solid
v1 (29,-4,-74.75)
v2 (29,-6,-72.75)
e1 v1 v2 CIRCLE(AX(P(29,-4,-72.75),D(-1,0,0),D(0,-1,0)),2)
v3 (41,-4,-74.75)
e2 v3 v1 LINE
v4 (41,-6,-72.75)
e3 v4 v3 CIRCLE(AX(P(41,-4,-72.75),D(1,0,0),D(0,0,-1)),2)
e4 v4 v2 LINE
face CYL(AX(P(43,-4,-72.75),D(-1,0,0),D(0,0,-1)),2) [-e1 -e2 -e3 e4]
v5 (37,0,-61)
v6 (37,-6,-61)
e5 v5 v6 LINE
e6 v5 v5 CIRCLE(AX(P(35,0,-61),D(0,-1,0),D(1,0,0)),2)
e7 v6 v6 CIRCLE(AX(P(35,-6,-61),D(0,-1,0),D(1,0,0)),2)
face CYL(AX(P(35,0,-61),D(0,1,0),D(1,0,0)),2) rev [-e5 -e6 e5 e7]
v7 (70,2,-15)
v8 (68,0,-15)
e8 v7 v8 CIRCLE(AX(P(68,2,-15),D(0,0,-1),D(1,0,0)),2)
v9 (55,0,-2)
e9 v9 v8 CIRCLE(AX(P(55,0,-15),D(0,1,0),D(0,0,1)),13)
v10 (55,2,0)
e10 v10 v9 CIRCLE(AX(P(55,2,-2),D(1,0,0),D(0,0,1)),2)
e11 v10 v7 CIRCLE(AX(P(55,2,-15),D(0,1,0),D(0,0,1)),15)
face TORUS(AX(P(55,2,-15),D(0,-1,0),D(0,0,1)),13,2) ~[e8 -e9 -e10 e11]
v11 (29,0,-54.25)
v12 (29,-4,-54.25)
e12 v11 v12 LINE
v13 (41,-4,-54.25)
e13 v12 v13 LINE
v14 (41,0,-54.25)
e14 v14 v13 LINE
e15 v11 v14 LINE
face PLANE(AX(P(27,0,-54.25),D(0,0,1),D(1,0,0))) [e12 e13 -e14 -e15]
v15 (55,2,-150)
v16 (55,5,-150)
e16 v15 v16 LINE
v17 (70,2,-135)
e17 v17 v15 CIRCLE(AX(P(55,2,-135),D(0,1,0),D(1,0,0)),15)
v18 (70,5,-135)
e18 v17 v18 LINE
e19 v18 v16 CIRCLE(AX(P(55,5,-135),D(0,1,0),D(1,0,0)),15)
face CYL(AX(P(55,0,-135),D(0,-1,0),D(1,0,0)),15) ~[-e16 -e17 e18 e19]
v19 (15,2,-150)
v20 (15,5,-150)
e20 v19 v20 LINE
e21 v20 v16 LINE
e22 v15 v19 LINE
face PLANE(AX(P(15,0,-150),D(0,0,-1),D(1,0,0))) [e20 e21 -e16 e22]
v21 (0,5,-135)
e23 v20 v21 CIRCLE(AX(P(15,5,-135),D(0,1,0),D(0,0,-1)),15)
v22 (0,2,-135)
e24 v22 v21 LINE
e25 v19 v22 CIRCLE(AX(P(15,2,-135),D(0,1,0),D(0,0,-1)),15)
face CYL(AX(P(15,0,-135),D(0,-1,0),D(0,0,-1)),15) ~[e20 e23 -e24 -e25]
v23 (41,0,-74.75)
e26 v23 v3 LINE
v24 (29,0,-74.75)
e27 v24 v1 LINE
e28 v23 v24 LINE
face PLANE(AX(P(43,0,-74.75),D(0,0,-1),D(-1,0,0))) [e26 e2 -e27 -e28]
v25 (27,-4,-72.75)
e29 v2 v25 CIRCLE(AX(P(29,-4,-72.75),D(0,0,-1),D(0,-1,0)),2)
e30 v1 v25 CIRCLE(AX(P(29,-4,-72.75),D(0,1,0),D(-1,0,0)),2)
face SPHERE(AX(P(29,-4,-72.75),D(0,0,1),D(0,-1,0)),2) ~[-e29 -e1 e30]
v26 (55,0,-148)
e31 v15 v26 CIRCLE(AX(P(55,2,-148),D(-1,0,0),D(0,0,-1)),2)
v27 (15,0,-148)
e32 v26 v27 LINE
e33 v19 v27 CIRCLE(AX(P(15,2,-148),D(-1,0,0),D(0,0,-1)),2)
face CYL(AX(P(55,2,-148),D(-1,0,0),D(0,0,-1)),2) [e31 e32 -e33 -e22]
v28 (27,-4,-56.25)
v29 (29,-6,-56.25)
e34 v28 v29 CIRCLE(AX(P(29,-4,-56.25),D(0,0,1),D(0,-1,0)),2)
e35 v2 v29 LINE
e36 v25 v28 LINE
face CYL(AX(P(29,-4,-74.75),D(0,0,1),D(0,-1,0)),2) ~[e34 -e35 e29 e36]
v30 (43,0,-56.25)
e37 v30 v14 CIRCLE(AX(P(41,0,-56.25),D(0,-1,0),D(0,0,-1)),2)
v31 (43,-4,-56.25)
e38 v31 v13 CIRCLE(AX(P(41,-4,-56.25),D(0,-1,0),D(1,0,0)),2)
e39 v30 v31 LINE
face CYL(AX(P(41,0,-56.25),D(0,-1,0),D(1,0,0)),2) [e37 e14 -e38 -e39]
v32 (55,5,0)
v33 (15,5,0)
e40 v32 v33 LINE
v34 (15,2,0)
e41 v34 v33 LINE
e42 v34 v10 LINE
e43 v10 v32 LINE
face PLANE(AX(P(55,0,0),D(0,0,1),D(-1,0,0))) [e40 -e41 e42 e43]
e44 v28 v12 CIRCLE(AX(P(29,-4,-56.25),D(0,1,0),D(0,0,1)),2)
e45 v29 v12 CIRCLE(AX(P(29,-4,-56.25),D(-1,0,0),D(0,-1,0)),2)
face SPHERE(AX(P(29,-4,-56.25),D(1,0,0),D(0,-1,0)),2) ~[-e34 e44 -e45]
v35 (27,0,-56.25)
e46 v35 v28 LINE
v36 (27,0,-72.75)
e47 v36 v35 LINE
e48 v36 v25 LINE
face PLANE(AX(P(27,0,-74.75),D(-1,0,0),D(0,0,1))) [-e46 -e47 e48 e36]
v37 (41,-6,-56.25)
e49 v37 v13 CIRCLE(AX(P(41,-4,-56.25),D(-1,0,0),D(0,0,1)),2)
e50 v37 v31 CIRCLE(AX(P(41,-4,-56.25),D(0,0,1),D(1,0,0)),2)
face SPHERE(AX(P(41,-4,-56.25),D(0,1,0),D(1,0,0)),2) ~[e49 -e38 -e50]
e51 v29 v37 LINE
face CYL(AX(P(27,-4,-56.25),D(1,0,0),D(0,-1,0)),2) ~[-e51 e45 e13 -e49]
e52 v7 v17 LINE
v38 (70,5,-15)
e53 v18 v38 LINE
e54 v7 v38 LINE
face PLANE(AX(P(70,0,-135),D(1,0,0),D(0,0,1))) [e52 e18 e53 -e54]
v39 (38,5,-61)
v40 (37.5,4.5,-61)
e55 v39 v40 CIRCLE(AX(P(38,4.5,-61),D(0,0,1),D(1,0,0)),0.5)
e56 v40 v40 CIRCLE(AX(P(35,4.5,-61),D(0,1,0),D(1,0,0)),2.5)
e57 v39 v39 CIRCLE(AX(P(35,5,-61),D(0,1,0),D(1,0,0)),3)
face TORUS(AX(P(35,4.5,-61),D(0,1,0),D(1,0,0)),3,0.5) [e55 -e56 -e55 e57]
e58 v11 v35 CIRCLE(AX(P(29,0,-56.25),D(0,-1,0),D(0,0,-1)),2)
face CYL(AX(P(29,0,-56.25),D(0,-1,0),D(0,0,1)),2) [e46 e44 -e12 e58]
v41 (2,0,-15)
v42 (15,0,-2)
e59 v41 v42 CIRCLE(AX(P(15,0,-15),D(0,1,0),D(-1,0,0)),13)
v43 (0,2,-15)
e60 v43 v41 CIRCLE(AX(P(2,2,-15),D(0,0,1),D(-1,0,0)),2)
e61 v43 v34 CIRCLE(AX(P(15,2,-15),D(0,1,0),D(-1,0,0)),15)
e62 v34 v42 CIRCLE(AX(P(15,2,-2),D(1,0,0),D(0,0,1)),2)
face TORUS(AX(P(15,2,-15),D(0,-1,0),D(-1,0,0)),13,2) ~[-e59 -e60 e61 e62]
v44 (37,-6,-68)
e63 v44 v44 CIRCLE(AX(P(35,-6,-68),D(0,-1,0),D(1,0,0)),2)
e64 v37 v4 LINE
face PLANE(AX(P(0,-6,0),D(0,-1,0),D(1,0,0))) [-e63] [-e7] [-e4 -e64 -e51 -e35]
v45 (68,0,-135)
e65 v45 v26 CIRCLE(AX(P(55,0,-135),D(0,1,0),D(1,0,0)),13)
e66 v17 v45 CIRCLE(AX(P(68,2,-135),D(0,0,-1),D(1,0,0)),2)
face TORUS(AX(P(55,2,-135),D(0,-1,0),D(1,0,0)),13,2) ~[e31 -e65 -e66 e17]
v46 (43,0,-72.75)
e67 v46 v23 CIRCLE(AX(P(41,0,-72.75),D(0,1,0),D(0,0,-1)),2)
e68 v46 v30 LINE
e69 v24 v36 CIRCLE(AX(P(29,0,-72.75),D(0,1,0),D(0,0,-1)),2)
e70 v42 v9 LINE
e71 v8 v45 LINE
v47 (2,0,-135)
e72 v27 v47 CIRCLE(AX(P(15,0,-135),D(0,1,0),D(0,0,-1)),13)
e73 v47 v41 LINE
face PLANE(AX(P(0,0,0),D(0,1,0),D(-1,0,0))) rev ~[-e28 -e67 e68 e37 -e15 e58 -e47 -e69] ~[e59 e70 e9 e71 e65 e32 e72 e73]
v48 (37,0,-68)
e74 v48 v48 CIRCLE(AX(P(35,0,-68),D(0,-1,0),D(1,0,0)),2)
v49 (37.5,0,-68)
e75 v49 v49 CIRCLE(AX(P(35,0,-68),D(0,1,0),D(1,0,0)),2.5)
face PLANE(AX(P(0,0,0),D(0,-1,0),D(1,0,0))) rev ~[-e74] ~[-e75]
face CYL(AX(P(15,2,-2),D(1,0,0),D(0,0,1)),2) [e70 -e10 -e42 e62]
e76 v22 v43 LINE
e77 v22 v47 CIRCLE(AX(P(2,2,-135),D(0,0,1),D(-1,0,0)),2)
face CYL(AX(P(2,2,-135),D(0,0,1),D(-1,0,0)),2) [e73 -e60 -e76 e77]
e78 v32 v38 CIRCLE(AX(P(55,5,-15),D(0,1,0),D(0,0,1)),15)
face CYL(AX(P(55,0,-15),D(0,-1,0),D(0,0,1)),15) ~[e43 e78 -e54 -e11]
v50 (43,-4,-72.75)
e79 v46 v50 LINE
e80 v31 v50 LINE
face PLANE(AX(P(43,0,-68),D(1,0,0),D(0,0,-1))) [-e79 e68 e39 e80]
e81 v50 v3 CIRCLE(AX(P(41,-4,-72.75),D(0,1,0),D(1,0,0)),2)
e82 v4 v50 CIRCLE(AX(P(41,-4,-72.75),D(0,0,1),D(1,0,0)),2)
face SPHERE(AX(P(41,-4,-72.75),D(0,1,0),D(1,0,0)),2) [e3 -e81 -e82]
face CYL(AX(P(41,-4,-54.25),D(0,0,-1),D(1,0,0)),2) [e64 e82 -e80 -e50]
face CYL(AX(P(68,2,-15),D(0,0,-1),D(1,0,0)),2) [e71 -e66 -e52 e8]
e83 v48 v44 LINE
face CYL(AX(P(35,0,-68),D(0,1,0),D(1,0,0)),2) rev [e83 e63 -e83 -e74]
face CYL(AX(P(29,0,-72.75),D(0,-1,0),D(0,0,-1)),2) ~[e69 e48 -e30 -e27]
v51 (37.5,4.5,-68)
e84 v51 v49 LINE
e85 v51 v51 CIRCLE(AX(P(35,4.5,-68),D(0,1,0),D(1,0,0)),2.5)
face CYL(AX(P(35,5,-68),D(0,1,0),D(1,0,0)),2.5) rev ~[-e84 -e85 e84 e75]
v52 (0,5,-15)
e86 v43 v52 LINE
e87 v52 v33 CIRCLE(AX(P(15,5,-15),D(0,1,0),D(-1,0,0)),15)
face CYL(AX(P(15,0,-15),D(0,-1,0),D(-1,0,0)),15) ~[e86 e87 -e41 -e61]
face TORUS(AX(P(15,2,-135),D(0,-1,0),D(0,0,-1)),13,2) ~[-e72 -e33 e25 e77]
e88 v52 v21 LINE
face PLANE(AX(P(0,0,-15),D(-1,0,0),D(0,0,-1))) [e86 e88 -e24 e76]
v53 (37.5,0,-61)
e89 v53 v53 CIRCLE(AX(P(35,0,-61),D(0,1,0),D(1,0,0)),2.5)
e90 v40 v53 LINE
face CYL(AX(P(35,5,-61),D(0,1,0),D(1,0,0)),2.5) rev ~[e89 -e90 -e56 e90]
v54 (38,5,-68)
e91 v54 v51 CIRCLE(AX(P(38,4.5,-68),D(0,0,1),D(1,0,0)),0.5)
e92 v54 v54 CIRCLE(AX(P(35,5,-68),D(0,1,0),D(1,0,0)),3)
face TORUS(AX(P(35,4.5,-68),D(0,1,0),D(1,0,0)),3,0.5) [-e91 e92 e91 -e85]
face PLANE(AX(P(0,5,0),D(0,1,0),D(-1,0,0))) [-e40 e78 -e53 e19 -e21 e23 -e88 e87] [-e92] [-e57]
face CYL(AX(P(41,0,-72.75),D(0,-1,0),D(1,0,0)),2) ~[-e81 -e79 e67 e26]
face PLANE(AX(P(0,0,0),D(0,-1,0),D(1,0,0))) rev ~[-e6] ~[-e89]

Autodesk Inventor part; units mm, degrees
ref_plane "YZ Plane" through (0, 0, 0) normal (1, 0, 0) x (0, 1, 0)
ref_plane "XZ Plane" through (0, 0, 0) normal (0, 1, 0) x (-1, 0, 0)
ref_plane "XY Plane" through (0, 0, 0) normal (0, 0, 1) x (1, 0, 0)
sketch "Esboço4" plane through (0, 0, 0) normal (0, 1, 0) x (-1, 0, 0)
  line L0 (0, -15) -> (0, -135)
  line L1 (-15, -150) -> (-55, -150)
  line L2 (-70, -135) -> (-70, -15)
  line L3 (-55, 0) -> (-15, 0)
  arc A0 (-15, -150) -> (0, -135) centre (-15, -135) ccw
  arc A1 (-70, -135) -> (-55, -150) centre (-55, -135) ccw
  arc A2 (-55, 0) -> (-70, -15) centre (-55, -15) ccw
  arc A3 (0, -15) -> (-15, 0) centre (-15, -15) ccw
  point P0 (0, 0)
  point P1 (0, -150)
  point P2 (-70, -150)
  dimension "d7" = 150
  dimension "d8" = 70
  dimension "d9" = 15
extrude "Extrusão2" add sketch "Esboço4" along normal blind 5
sketch "Esboço5" plane through (0, 5, 0) normal (0, 1, 0) x (1, 0, 0)
  line L0 (15, 0) -> (55, 0) projected
  line L1 (55, 150) -> (15, 150) projected
  circle A0 centre (35, 61) radius 2.5
  circle A1 centre (35, 68) radius 2.5
  point P0 (0, 0)
extrude "Extrusão3" cut sketch "Esboço5" against normal through all
sketch "Sketch7" plane through (0, 0, 0) normal (0, -1, 0) x (1, 0, 0)
  circle A0 centre (35, -61) radius 2 projected
  circle A1 centre (35, -68) radius 2 projected
  line L0 (43, -68) -> (43, -74.75)
  line L1 (43, -74.75) -> (27, -74.75)
  line L2 (27, -74.75) -> (27, -54.25)
  line L3 (27, -54.25) -> (43, -54.25)
  line L4 (43, -54.25) -> (43, -68)
  point P0 (0, 0)
  dimension "d25" = 8
extrude "Extrusion4" add sketch "Sketch7" along normal blind 6
fillet "Fillet4" radius 2 8 edges at (43, -3, -54.25) (43, -3, -74.75) (43, -6, -64.5) (35, -6, -54.25) (27, -6, -64.5) (35, -6, -74.75) (27, -3, -74.75) (27, -3, -54.25)
fillet "Fillet5" radius 0.5 2 edges at (32.5, 5, -61) (32.5, 5, -68)
fillet "Fillet7" radius 2 8 edges at (65.6066, 0, -145.6066) (35, 0, -150) (4.3934, 0, -145.6066) (0, 0, -75) (4.3934, 0, -4.3934) (35, 0, 0) (65.6066, 0, -4.3934) (70, 0, -75)
properties part number "Base superior(suporte)_3DPrint"
